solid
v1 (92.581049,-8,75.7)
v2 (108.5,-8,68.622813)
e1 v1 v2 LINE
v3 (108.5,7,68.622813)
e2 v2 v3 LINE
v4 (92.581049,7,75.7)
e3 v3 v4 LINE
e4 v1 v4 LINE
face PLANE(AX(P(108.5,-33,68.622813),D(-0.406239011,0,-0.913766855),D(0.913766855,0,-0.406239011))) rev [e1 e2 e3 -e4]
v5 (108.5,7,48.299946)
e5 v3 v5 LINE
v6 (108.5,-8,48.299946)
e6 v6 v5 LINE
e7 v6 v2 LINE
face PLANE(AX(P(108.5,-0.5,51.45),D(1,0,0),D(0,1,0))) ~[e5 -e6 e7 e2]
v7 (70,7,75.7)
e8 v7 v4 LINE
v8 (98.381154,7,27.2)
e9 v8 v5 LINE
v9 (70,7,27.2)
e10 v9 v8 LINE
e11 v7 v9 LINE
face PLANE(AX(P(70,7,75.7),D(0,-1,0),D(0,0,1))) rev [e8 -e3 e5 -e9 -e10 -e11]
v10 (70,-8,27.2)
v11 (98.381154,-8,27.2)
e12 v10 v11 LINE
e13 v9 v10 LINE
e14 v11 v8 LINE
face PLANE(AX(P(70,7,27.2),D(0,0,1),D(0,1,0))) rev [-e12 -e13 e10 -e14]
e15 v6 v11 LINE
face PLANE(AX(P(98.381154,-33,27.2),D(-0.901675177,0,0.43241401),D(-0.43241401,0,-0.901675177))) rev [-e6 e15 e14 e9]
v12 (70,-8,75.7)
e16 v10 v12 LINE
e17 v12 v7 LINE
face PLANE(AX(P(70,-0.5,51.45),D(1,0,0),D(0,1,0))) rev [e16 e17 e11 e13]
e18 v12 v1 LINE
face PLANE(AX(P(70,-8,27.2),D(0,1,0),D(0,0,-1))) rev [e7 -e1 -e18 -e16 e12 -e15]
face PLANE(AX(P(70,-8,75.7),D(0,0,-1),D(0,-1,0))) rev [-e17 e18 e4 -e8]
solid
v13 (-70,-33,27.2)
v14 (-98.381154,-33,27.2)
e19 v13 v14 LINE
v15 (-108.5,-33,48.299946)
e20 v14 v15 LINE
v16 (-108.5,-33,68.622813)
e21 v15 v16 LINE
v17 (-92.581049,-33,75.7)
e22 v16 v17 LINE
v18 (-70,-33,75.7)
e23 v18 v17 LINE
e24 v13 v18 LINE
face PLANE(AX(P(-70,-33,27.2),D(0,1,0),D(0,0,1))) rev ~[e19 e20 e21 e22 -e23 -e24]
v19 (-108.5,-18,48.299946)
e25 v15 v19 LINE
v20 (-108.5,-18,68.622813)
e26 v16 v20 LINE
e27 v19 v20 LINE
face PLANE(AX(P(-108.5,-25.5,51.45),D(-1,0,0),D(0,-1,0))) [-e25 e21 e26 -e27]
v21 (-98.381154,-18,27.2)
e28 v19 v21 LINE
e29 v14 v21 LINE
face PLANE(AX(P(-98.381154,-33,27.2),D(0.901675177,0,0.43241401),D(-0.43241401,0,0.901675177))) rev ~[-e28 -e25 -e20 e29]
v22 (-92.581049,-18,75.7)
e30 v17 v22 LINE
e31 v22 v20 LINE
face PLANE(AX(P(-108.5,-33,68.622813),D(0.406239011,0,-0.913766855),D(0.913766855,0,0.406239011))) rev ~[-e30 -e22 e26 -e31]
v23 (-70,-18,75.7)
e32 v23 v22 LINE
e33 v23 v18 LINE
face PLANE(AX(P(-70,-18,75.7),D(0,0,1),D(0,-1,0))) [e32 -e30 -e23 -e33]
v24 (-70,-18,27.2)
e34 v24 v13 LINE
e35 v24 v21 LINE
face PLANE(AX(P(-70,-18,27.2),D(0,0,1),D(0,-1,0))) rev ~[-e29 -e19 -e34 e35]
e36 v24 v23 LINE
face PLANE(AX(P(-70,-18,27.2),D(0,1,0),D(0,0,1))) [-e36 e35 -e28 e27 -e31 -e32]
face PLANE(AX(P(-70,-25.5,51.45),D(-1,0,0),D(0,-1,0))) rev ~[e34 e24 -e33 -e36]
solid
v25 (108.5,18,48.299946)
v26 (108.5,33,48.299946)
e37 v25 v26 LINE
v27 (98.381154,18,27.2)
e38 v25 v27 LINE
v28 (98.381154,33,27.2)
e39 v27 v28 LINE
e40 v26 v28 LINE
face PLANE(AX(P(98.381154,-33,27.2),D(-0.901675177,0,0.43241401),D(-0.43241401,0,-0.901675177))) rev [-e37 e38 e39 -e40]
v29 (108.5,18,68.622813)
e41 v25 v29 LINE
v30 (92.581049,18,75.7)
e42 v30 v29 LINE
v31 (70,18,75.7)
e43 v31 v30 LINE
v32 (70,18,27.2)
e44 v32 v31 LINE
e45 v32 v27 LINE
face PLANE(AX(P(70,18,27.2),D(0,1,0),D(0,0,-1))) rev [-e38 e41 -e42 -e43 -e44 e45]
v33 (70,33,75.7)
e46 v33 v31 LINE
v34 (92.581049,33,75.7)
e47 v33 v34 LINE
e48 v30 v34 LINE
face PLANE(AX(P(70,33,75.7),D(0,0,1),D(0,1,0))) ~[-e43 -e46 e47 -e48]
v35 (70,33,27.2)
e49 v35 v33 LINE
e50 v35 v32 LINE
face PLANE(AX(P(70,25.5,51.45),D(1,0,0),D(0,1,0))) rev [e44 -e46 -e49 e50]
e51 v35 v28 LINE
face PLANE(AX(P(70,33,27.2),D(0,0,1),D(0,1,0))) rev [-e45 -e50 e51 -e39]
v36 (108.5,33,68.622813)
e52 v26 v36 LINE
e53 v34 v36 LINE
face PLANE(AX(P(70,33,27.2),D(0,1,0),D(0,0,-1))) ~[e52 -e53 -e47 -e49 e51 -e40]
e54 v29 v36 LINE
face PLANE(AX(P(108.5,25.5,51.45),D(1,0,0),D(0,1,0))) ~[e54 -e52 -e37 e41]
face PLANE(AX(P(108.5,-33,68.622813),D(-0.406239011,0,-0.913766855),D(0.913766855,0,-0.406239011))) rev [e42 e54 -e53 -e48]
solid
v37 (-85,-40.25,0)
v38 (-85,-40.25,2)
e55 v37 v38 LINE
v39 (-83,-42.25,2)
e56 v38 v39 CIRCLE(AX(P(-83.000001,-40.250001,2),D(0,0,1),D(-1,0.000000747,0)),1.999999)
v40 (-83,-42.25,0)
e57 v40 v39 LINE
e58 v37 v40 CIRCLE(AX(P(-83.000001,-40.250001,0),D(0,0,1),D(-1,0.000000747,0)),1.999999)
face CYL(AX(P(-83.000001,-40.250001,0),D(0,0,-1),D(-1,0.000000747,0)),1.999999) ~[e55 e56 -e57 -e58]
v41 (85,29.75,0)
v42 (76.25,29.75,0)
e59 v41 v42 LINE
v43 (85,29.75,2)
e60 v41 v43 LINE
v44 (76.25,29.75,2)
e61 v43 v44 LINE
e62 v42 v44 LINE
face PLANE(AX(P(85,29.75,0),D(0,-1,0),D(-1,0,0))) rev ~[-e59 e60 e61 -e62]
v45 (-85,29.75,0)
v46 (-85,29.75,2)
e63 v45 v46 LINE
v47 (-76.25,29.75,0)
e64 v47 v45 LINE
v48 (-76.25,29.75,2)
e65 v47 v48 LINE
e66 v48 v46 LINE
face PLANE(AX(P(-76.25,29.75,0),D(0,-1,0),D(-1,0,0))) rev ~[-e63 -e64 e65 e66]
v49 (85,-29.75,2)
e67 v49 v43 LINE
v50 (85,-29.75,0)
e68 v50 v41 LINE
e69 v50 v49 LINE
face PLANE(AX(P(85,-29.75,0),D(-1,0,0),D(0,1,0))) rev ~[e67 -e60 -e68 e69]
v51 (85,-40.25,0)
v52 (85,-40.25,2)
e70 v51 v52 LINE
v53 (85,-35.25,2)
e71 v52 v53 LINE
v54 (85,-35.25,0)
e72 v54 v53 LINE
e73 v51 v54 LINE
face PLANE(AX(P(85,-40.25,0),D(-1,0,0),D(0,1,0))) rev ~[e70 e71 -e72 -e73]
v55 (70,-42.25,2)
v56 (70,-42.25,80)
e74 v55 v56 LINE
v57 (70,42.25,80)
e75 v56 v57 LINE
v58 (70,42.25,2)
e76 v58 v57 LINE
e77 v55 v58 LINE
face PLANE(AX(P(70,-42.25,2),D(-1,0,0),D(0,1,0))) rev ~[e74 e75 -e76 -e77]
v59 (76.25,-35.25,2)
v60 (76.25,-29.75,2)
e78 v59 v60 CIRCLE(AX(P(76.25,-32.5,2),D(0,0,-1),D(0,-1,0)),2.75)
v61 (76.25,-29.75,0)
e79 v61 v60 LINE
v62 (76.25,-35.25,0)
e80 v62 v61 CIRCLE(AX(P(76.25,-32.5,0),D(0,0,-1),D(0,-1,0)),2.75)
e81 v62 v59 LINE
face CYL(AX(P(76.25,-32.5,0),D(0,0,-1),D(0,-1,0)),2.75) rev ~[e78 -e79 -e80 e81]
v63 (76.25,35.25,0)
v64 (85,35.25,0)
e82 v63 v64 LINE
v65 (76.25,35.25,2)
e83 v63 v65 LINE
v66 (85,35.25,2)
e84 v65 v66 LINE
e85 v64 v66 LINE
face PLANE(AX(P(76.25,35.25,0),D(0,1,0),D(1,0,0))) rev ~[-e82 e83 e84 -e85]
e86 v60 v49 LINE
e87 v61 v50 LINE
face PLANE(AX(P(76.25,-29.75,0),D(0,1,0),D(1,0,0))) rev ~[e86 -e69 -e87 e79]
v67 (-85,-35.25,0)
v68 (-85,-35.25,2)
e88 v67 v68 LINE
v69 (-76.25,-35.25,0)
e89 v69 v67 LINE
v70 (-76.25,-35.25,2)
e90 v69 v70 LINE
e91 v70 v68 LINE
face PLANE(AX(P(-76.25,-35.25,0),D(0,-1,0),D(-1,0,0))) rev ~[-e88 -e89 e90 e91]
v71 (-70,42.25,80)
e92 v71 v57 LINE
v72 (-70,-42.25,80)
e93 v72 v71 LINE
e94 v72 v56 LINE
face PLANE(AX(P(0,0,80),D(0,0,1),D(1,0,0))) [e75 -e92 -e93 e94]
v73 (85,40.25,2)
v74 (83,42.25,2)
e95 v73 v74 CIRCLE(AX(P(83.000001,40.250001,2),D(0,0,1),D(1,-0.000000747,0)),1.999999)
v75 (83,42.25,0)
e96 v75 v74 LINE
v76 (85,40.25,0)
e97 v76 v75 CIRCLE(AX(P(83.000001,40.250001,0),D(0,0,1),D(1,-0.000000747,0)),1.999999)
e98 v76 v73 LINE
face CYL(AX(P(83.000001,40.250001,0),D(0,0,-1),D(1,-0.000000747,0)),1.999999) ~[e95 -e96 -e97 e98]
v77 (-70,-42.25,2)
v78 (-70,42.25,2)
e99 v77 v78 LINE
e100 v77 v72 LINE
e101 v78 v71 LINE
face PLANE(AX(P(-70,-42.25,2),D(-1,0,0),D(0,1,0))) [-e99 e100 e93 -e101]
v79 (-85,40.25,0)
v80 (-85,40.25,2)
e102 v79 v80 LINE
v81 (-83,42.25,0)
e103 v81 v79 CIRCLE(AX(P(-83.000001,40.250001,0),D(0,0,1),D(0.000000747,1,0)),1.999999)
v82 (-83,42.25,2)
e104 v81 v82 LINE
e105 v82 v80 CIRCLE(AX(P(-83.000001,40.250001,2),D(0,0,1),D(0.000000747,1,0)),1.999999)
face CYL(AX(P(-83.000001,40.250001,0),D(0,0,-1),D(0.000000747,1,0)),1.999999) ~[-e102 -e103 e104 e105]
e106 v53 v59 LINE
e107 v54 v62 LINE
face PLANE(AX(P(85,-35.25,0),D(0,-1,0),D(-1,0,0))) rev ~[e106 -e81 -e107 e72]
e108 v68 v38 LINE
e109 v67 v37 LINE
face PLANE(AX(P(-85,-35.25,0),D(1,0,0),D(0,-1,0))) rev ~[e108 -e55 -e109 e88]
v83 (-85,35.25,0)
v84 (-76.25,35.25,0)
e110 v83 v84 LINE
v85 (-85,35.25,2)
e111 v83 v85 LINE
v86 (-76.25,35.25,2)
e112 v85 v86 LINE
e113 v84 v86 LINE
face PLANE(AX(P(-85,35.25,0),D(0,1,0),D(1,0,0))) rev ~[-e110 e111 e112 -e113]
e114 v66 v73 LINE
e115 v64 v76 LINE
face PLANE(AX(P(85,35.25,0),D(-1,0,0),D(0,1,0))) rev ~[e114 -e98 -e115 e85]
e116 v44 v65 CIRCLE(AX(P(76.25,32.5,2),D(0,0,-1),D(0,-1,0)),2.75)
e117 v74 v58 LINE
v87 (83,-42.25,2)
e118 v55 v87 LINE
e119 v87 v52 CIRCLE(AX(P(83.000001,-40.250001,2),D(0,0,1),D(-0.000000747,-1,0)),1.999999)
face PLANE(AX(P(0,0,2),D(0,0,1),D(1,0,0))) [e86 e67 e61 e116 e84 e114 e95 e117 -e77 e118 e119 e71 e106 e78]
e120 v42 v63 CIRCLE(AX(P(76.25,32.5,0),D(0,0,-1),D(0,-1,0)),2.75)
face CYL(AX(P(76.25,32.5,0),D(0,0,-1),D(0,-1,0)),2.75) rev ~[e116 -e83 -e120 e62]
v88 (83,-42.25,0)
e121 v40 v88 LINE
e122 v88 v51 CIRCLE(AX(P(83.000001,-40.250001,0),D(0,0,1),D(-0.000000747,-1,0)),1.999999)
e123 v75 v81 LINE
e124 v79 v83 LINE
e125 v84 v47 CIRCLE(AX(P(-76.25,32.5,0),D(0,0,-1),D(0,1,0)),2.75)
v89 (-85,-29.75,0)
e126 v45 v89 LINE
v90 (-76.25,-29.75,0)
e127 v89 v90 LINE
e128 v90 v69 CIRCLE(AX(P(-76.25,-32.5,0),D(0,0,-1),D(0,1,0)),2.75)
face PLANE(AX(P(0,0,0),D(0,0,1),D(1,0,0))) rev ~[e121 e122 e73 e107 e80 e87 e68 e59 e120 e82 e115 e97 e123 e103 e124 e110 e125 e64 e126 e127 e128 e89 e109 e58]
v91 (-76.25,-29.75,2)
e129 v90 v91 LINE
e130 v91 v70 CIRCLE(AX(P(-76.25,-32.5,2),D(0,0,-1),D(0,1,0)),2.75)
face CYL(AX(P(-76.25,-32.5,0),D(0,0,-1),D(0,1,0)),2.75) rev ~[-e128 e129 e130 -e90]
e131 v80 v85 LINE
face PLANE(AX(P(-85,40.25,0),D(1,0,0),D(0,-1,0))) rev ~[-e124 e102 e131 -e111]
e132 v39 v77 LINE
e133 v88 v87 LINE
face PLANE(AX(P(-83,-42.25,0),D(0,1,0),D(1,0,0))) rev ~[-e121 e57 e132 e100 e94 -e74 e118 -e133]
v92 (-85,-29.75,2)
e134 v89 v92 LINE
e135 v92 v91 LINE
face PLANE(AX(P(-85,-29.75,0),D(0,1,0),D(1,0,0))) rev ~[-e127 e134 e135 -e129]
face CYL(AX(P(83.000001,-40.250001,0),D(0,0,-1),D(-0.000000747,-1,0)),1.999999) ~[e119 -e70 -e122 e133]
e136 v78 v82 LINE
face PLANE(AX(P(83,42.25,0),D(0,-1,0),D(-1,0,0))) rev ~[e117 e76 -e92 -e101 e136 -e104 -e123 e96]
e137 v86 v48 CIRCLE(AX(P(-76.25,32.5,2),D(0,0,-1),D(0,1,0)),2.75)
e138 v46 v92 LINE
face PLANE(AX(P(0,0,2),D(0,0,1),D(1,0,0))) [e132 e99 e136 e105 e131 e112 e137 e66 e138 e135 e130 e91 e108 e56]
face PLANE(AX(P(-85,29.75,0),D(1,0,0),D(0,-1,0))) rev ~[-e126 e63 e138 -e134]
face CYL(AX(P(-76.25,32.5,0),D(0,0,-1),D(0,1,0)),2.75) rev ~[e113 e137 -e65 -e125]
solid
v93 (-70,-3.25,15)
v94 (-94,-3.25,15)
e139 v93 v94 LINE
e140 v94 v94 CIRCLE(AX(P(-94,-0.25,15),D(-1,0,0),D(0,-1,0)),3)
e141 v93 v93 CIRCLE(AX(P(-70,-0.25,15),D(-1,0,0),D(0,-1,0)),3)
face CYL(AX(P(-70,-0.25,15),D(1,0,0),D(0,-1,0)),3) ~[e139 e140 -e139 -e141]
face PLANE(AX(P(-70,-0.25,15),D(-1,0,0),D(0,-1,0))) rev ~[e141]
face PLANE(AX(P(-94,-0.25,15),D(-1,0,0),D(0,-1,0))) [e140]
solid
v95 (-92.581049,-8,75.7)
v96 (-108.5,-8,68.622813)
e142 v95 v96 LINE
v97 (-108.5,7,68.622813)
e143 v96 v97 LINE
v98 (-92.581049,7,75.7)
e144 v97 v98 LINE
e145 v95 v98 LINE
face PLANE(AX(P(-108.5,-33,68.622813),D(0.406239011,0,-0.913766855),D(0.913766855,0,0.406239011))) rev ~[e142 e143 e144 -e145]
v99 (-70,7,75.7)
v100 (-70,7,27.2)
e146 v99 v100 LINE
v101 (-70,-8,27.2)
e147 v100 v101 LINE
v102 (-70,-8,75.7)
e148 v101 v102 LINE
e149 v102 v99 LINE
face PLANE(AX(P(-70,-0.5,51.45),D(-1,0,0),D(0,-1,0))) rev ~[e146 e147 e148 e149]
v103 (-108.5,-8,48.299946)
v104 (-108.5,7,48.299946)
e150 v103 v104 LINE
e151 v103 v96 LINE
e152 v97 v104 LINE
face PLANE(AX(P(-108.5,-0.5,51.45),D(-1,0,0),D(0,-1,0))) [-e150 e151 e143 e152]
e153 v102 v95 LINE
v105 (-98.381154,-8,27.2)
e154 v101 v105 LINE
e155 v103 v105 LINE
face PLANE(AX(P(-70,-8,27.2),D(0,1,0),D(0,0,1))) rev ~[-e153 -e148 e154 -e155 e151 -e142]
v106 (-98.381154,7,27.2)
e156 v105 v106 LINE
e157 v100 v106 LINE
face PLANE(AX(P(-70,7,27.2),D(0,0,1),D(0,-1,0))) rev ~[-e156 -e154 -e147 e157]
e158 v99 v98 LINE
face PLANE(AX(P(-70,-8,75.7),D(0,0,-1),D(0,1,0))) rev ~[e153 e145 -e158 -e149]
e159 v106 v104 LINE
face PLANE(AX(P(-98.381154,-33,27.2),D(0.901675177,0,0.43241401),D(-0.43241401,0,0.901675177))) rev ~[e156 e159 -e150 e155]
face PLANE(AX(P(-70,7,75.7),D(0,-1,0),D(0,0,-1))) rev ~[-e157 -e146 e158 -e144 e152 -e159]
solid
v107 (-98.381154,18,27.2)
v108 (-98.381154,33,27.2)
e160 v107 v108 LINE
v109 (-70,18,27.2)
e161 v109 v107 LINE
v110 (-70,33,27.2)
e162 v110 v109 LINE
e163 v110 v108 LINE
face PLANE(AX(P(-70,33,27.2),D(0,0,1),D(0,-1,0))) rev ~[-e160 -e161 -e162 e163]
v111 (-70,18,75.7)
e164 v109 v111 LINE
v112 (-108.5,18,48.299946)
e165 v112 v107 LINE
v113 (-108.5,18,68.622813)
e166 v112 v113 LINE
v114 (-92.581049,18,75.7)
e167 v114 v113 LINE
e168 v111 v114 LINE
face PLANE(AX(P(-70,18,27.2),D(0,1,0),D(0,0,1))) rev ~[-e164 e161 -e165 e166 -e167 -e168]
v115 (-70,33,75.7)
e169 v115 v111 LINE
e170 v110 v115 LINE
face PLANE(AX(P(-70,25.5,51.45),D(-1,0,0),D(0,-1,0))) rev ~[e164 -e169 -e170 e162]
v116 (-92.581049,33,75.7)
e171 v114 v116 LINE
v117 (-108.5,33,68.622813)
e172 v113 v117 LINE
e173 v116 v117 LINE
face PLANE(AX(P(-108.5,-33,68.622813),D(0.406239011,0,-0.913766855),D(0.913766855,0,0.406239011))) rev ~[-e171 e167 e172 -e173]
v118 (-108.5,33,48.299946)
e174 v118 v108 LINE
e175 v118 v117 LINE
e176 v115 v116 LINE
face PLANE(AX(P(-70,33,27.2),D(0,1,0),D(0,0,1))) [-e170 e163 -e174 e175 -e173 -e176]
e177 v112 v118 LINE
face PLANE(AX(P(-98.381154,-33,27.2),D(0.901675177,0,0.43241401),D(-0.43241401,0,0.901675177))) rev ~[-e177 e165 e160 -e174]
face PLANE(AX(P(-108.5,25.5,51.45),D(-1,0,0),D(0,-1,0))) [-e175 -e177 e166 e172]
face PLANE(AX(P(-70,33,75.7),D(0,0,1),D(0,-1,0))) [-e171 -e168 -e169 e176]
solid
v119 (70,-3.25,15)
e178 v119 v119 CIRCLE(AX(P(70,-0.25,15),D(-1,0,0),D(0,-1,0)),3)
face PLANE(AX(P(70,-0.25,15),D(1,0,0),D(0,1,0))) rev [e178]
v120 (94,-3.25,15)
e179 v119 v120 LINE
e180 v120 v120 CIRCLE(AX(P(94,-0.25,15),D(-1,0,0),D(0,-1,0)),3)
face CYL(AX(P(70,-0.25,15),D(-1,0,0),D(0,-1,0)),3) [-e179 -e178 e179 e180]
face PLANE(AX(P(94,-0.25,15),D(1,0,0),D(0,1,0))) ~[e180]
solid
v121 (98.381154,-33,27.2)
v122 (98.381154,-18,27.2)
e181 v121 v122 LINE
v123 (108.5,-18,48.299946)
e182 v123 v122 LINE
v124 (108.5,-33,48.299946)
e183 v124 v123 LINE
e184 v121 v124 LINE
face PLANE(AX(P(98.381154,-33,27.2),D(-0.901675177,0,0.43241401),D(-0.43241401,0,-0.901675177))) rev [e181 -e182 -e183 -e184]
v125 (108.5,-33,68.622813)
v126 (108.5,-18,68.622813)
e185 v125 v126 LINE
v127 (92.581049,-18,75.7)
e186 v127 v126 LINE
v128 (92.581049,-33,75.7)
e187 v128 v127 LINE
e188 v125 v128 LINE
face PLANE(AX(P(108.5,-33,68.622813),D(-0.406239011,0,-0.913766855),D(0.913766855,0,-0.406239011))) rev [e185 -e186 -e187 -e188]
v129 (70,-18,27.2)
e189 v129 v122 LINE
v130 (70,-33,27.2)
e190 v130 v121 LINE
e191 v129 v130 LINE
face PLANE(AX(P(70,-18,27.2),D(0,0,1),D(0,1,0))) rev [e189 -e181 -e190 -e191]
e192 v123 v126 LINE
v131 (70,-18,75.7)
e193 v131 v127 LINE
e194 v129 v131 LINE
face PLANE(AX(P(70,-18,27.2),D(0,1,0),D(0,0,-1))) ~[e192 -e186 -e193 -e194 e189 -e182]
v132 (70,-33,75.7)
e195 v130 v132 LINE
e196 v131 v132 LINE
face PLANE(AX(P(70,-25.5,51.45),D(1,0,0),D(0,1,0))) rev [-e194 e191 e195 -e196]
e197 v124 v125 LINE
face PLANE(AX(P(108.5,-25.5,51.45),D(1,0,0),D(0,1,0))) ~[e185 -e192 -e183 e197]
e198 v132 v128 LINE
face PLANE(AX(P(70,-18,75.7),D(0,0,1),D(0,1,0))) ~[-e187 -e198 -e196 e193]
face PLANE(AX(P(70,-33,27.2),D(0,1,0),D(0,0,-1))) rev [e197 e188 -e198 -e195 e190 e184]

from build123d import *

# Parameters (mm, degrees)
F1_DEPTH = 2
F2_W     = 140
F2_H     = 84.5
F3_DEPTH = 78
F4_W     = 15
F4_H     = 48.5
F5_DEPTH = 38.5
F7_DEPTH = 200
F8_R     = 3
F9_DEPTH = 24


with BuildPart() as f1:
    # F0 (on Top) → F1 (new body)
    with BuildSketch(Plane.XY):
        with BuildLine():
            ThreePointArc((85, 40.25), (84.414214, 41.664214), (83, 42.25))
            Line((83, 42.25), (-83, 42.25))
            ThreePointArc((-83, 42.25), (-84.414214, 41.664214), (-85, 40.25))
            Line((-85, 40.25), (-85, 35.25))
            Line((-85, 35.25), (-76.25, 35.25))
            ThreePointArc((-76.25, 35.25), (-73.5, 32.5), (-76.25, 29.75))
            Line((-76.25, 29.75), (-85, 29.75))
            Line((-85, 29.75), (-85, -29.75))
            Line((-85, -29.75), (-76.25, -29.75))
            ThreePointArc((-76.25, -29.75), (-73.5, -32.5), (-76.25, -35.25))
            Line((-76.25, -35.25), (-85, -35.25))
            Line((-85, -35.25), (-85, -40.25))
            ThreePointArc((-85, -40.25), (-84.414214, -41.664214), (-83, -42.25))
            Line((-83, -42.25), (83, -42.25))
            ThreePointArc((83, -42.25), (84.414214, -41.664214), (85, -40.25))
            Line((85, -40.25), (85, -35.25))
            Line((85, -35.25), (76.25, -35.25))
            ThreePointArc((76.25, -35.25), (73.5, -32.5), (76.25, -29.75))
            Line((76.25, -29.75), (85, -29.75))
            Line((85, -29.75), (85, 29.75))
            Line((85, 29.75), (76.25, 29.75))
            ThreePointArc((76.25, 29.75), (73.5, 32.5), (76.25, 35.25))
            Line((76.25, 35.25), (85, 35.25))
            Line((85, 35.25), (85, 40.25))
        make_face()
    extrude(amount=F1_DEPTH)

    # F2 (on face) → F3 (join)
    with BuildSketch(Plane.XY.offset(2)):
        Rectangle(F2_W, F2_H)
    extrude(amount=F3_DEPTH)


with BuildPart() as f5:
    # F4 (on face) → F5 (new body)
    with BuildSketch(Plane(origin=(-70, 0, 0), x_dir=(0, -1, 0), z_dir=(-1, 0, 0))):
        with Locations((-25.5, 51.45)):
            Rectangle(F4_W, F4_H)
        Polygon((7, 75.7), (-7, 75.7), (-7, 27.2), (7, 27.2), (8, 27.2), (8, 75.7), align=None)
        with Locations((25.5, 51.45)):
            Rectangle(F4_W, F4_H)
    extrude(amount=F5_DEPTH)

    # F6 (on face) → F7 (cut)
    with BuildSketch(Plane.XZ.offset(33)):
        Polygon((-108.5, 48.299946), (-108.5, 68.622813), (-92.581049, 75.7), (-156.796485, 106.618979), (-183.457196, 103.239452), (-183.457196, 0), (-98.381154, 27.2), align=None)
    extrude(amount=-F7_DEPTH, mode=Mode.SUBTRACT)


with BuildPart() as f9:
    # F8 (on face) → F9 (new body)
    with BuildSketch(Plane(origin=(-70, 0, 0), x_dir=(0, -1, 0), z_dir=(-1, 0, 0))):
        with Locations((0.25, 15)):
            Circle(F8_R)
    extrude(amount=F9_DEPTH)


with BuildPart() as f10_1:
    # F10: instance of F5
    add(f5.part.mirror(Plane.YZ))


with BuildPart() as f10_2:
    # F10: instance of F9
    add(f9.part.mirror(Plane.YZ))


solid = Compound([f1.part, f5.part, f9.part, f10_1.part, f10_2.part])
